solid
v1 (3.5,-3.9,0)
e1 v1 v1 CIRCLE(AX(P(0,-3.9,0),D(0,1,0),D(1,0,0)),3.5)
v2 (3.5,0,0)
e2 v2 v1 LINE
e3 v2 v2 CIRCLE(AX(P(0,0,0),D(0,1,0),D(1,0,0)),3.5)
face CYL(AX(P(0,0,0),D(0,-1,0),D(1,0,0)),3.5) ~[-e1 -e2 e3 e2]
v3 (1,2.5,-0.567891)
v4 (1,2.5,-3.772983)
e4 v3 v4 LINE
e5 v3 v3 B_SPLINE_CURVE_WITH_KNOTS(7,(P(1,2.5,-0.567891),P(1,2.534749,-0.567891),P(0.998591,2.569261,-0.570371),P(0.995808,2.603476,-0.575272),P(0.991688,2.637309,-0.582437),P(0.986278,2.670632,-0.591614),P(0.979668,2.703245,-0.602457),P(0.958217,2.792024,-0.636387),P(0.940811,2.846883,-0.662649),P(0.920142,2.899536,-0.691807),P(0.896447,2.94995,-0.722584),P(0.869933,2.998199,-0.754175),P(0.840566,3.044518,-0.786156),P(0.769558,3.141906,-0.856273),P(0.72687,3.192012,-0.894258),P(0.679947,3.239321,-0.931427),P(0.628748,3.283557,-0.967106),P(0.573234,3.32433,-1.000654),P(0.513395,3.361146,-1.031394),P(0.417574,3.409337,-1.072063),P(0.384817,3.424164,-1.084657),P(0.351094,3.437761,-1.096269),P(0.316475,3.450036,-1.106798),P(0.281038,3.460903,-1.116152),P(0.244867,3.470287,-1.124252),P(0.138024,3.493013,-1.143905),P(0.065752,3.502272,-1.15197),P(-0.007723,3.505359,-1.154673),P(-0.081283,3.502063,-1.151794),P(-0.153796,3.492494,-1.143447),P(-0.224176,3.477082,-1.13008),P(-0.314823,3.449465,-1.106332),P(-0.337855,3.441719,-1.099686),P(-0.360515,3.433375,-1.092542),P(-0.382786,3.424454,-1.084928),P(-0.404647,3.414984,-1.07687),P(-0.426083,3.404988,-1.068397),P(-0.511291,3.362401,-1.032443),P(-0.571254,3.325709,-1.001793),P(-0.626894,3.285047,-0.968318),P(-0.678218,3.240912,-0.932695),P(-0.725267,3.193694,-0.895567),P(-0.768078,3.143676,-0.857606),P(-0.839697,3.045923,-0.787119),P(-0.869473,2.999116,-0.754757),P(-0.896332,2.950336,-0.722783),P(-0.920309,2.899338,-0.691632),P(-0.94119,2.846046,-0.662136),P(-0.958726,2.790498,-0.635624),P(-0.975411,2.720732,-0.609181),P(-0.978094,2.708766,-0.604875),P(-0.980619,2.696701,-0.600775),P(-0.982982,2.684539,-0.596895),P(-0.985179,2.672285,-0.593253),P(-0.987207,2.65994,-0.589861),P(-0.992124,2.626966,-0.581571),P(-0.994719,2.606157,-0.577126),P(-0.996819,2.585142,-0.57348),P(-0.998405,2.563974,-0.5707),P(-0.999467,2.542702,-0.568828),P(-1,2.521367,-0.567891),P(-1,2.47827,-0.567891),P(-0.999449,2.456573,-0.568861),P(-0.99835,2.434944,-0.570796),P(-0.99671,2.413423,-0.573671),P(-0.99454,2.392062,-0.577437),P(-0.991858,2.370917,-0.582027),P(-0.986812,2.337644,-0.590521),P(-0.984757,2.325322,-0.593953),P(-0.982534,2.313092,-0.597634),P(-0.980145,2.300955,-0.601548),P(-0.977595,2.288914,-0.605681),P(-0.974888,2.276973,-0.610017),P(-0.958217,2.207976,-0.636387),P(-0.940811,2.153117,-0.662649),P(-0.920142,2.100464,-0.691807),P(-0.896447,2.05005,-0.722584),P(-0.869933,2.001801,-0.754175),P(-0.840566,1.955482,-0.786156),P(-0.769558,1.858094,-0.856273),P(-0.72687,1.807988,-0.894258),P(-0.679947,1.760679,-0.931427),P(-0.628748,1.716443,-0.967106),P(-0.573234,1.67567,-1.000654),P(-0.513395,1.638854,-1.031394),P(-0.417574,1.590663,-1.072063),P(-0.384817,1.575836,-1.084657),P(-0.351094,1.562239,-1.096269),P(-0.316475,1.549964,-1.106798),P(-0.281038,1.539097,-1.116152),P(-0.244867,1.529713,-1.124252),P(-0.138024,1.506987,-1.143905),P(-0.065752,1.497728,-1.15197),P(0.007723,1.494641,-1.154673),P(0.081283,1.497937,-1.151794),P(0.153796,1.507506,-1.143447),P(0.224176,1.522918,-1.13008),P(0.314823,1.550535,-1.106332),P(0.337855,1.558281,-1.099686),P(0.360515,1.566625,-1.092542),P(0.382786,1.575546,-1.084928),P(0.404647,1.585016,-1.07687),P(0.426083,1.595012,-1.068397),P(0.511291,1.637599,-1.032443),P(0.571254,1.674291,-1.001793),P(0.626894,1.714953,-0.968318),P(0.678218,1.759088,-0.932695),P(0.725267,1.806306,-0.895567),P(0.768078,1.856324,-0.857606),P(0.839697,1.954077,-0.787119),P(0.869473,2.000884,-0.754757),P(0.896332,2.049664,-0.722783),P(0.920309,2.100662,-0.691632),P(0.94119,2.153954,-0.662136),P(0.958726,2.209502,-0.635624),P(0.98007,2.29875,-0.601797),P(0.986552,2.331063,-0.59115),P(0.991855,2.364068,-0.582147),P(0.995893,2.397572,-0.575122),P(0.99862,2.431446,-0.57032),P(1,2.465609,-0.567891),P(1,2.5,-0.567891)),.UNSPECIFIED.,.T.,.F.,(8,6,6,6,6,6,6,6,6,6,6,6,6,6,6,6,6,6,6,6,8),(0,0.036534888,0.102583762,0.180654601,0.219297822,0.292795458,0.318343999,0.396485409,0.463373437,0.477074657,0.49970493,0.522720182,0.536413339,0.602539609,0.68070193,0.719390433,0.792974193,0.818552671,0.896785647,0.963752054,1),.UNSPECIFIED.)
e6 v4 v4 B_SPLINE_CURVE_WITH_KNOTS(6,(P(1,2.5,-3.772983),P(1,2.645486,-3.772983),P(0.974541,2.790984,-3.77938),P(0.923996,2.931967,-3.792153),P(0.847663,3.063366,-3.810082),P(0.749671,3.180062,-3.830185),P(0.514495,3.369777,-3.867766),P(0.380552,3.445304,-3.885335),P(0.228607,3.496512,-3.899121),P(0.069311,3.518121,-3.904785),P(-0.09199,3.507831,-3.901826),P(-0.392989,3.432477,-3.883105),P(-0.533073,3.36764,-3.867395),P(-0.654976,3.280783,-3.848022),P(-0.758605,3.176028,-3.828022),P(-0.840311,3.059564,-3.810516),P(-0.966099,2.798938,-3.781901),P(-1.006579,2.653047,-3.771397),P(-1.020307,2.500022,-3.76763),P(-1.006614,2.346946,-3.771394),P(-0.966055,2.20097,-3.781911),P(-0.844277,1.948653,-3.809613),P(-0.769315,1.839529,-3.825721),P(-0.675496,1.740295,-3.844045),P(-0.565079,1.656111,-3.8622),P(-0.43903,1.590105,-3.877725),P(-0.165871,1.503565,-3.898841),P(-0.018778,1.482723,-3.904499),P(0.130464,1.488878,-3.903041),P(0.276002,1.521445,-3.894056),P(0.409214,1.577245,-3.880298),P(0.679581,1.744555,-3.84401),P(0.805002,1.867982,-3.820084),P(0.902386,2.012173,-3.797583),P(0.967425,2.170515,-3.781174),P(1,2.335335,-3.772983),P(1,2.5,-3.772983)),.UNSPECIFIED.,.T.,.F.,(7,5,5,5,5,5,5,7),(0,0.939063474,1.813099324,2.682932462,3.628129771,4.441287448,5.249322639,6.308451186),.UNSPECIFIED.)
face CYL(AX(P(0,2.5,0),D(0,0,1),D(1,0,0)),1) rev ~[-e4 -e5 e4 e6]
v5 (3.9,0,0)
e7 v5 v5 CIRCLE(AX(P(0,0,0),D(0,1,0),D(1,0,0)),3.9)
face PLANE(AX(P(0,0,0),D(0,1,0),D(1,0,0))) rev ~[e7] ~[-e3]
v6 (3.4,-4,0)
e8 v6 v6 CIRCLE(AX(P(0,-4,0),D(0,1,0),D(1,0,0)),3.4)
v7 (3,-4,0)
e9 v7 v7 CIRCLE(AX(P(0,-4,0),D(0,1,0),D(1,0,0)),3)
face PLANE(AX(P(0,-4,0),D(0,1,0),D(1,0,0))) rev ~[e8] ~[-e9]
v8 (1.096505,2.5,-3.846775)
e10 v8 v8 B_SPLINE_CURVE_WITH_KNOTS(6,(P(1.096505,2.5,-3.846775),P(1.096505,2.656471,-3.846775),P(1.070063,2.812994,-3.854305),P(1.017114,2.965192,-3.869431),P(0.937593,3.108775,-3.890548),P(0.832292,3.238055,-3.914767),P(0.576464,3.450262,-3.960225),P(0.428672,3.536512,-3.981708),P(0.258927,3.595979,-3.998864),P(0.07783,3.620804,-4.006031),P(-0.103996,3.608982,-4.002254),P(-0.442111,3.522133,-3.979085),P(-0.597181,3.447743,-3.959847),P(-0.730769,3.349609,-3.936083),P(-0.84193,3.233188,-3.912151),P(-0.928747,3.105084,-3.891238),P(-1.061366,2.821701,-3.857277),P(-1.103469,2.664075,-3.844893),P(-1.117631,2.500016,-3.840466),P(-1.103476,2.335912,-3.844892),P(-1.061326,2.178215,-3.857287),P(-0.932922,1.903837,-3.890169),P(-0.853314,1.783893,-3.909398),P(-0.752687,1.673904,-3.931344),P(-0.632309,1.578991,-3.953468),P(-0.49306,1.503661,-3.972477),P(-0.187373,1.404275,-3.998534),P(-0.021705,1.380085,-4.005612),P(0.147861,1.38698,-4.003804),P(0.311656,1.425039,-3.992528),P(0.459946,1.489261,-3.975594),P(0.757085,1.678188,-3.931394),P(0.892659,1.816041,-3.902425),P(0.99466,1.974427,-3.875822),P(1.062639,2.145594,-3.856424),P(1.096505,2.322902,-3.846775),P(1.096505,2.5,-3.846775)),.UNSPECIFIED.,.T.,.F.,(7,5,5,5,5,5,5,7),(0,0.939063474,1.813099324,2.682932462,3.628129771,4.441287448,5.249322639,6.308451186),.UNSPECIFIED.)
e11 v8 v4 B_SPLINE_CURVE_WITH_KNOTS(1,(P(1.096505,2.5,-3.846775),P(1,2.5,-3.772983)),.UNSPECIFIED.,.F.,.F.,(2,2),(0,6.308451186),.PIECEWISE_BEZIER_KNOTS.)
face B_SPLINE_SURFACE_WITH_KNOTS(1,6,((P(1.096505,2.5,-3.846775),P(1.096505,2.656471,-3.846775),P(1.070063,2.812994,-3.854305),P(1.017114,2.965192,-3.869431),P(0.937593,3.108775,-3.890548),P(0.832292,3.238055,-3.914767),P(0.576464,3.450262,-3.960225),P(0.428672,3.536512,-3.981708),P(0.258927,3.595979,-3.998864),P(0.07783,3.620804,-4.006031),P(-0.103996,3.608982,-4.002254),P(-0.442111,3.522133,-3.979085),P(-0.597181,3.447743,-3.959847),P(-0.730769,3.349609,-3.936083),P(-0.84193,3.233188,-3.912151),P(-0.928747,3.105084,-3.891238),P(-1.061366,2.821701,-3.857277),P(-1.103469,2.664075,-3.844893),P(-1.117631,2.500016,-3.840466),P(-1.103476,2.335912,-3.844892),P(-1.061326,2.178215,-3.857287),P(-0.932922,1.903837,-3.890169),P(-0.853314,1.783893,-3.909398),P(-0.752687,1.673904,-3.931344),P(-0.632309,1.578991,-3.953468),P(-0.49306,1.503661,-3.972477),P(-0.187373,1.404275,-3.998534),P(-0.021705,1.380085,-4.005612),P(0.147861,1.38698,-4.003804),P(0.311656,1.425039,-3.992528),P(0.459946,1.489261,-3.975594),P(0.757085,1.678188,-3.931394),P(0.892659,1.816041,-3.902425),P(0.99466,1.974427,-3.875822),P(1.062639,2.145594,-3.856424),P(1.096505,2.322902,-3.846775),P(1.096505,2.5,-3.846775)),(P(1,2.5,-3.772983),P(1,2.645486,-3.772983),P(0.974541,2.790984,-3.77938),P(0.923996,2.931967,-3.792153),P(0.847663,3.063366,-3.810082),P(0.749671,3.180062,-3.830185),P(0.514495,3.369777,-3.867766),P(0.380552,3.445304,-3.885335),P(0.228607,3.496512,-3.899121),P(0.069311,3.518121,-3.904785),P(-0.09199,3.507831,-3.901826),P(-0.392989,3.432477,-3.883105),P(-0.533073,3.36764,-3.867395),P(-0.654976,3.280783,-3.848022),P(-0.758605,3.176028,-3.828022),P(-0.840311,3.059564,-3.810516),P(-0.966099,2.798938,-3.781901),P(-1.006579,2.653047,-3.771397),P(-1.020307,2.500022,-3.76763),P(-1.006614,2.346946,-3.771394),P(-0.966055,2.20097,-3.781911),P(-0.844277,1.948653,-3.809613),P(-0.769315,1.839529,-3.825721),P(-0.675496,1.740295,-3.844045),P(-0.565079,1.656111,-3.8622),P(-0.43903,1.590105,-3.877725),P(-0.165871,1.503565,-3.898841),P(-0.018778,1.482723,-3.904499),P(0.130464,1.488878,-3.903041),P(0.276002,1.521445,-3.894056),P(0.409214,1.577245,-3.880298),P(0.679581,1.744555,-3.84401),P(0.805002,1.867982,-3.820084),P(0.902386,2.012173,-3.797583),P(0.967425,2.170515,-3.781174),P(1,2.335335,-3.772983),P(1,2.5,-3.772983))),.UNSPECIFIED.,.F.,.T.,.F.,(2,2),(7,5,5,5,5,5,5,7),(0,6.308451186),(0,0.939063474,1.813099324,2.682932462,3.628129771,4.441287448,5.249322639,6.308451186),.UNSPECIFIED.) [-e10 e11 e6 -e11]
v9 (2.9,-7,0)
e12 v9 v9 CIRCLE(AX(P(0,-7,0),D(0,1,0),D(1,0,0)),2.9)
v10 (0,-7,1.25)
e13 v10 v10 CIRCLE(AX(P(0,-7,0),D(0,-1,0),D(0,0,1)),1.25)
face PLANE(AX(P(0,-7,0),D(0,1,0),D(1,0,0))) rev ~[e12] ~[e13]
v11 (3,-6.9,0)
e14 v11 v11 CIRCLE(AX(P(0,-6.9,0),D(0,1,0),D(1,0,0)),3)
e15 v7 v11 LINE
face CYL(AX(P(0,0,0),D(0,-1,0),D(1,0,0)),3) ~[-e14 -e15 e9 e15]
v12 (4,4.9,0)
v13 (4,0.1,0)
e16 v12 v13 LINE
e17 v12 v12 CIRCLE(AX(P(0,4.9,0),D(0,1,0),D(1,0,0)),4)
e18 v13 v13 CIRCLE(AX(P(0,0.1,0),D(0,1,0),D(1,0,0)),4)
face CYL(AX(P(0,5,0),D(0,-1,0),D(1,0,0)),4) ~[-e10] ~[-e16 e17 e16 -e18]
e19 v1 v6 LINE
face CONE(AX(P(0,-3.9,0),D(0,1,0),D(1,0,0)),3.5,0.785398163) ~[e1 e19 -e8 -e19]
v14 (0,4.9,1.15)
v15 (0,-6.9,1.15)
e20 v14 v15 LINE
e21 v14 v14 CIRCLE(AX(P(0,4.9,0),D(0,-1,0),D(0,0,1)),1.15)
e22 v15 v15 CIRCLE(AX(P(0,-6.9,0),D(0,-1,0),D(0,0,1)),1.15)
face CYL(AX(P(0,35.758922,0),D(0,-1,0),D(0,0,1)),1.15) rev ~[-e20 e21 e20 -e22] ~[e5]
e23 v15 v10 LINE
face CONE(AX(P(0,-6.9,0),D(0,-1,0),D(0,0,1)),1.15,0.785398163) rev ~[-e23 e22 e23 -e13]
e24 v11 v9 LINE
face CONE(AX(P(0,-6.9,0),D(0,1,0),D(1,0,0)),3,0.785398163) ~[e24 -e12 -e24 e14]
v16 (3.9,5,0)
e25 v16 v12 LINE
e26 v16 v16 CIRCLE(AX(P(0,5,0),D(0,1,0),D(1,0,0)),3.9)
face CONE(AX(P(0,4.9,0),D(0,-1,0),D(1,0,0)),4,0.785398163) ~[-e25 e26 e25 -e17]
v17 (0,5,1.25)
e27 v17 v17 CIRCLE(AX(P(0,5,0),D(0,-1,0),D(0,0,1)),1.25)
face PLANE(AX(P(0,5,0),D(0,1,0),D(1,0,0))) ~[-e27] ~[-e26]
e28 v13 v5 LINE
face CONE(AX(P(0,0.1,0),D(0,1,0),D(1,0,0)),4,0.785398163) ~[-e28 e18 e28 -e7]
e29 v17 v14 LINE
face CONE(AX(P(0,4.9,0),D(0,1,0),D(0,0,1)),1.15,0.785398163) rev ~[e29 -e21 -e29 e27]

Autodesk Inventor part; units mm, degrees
ref_plane "YZ Plane" through (0, 0, 0) normal (1, 0, 0) x (0, 1, 0)
ref_plane "XZ Plane" through (0, 0, 0) normal (0, 1, 0) x (-1, 0, 0)
ref_plane "XY Plane" through (0, 0, 0) normal (0, 0, 1) x (1, 0, 0)
sketch "Skizze1" plane through (0, 0, 0) normal (0, 0, 1) x (1, 0, 0)
  line L0 (0, 5) -> (4, 5)
  line L1 (4, 5) -> (4, 0)
  line L2 (4, 0) -> (3, 0)
  line L3 (3, 0) -> (3, -7)
  line L4 (3, -7) -> (0, -7)
  line L5 (0, -7) -> (0, 5)
  line L6 (3.5, 0) -> (3.5, -4)
  line L7 (3.5, -4) -> (3, -4)
  point P0 (0, 0)
  dimension "d0" = 6
  dimension "d1" = 7
  dimension "d2" = 8
  dimension "d3" = 5
  dimension "d31" = 7
  dimension "d32" = 4
revolve "Umdrehung1" add sketch "Skizze1" angle 360 about axis through (0, -7, 0) along (0, 1, 0)
chamfer "Fase1" distance 0.1 angle 45 4 edges at (-4, 5, 0) (-3, -7, 0) (-4, 0, 0) (-3.5, -4, 0)
hole "Bohrung1" at (0, 5, 0) direction (0, -1, 0) diameter 2.3 end through all both
chamfer "Fase2" distance 0.1 angle 45 2 edges at (0, -7, -1.15) (0, 5, -1.15)
sketch "Skizze2" plane through (0, 0, 0) normal (0, 0, 1) x (1, 0, 0)
  circle A0 centre (0, 2.5) radius 1
  line L0 (1.25, 5) -> (-1.25, 5) projected
  line L1 (0, 7.4) -> (0, -9.4) projected
  point P0 (0, 0)
  dimension "d20" = 2
  dimension "d21" = 2.5
extrude "Extrusion1" cut sketch "Skizze2" against normal blind 10
chamfer "Fase3" distance 0.1 angle 45 1 edges at (-1, 2.5012, -3.873)
thread "Gewinde1" size "M2x0.4" class "6H" standard "ANSI Metric M Profile" full length
properties part number "nabe" material "Aluminium 6061"
